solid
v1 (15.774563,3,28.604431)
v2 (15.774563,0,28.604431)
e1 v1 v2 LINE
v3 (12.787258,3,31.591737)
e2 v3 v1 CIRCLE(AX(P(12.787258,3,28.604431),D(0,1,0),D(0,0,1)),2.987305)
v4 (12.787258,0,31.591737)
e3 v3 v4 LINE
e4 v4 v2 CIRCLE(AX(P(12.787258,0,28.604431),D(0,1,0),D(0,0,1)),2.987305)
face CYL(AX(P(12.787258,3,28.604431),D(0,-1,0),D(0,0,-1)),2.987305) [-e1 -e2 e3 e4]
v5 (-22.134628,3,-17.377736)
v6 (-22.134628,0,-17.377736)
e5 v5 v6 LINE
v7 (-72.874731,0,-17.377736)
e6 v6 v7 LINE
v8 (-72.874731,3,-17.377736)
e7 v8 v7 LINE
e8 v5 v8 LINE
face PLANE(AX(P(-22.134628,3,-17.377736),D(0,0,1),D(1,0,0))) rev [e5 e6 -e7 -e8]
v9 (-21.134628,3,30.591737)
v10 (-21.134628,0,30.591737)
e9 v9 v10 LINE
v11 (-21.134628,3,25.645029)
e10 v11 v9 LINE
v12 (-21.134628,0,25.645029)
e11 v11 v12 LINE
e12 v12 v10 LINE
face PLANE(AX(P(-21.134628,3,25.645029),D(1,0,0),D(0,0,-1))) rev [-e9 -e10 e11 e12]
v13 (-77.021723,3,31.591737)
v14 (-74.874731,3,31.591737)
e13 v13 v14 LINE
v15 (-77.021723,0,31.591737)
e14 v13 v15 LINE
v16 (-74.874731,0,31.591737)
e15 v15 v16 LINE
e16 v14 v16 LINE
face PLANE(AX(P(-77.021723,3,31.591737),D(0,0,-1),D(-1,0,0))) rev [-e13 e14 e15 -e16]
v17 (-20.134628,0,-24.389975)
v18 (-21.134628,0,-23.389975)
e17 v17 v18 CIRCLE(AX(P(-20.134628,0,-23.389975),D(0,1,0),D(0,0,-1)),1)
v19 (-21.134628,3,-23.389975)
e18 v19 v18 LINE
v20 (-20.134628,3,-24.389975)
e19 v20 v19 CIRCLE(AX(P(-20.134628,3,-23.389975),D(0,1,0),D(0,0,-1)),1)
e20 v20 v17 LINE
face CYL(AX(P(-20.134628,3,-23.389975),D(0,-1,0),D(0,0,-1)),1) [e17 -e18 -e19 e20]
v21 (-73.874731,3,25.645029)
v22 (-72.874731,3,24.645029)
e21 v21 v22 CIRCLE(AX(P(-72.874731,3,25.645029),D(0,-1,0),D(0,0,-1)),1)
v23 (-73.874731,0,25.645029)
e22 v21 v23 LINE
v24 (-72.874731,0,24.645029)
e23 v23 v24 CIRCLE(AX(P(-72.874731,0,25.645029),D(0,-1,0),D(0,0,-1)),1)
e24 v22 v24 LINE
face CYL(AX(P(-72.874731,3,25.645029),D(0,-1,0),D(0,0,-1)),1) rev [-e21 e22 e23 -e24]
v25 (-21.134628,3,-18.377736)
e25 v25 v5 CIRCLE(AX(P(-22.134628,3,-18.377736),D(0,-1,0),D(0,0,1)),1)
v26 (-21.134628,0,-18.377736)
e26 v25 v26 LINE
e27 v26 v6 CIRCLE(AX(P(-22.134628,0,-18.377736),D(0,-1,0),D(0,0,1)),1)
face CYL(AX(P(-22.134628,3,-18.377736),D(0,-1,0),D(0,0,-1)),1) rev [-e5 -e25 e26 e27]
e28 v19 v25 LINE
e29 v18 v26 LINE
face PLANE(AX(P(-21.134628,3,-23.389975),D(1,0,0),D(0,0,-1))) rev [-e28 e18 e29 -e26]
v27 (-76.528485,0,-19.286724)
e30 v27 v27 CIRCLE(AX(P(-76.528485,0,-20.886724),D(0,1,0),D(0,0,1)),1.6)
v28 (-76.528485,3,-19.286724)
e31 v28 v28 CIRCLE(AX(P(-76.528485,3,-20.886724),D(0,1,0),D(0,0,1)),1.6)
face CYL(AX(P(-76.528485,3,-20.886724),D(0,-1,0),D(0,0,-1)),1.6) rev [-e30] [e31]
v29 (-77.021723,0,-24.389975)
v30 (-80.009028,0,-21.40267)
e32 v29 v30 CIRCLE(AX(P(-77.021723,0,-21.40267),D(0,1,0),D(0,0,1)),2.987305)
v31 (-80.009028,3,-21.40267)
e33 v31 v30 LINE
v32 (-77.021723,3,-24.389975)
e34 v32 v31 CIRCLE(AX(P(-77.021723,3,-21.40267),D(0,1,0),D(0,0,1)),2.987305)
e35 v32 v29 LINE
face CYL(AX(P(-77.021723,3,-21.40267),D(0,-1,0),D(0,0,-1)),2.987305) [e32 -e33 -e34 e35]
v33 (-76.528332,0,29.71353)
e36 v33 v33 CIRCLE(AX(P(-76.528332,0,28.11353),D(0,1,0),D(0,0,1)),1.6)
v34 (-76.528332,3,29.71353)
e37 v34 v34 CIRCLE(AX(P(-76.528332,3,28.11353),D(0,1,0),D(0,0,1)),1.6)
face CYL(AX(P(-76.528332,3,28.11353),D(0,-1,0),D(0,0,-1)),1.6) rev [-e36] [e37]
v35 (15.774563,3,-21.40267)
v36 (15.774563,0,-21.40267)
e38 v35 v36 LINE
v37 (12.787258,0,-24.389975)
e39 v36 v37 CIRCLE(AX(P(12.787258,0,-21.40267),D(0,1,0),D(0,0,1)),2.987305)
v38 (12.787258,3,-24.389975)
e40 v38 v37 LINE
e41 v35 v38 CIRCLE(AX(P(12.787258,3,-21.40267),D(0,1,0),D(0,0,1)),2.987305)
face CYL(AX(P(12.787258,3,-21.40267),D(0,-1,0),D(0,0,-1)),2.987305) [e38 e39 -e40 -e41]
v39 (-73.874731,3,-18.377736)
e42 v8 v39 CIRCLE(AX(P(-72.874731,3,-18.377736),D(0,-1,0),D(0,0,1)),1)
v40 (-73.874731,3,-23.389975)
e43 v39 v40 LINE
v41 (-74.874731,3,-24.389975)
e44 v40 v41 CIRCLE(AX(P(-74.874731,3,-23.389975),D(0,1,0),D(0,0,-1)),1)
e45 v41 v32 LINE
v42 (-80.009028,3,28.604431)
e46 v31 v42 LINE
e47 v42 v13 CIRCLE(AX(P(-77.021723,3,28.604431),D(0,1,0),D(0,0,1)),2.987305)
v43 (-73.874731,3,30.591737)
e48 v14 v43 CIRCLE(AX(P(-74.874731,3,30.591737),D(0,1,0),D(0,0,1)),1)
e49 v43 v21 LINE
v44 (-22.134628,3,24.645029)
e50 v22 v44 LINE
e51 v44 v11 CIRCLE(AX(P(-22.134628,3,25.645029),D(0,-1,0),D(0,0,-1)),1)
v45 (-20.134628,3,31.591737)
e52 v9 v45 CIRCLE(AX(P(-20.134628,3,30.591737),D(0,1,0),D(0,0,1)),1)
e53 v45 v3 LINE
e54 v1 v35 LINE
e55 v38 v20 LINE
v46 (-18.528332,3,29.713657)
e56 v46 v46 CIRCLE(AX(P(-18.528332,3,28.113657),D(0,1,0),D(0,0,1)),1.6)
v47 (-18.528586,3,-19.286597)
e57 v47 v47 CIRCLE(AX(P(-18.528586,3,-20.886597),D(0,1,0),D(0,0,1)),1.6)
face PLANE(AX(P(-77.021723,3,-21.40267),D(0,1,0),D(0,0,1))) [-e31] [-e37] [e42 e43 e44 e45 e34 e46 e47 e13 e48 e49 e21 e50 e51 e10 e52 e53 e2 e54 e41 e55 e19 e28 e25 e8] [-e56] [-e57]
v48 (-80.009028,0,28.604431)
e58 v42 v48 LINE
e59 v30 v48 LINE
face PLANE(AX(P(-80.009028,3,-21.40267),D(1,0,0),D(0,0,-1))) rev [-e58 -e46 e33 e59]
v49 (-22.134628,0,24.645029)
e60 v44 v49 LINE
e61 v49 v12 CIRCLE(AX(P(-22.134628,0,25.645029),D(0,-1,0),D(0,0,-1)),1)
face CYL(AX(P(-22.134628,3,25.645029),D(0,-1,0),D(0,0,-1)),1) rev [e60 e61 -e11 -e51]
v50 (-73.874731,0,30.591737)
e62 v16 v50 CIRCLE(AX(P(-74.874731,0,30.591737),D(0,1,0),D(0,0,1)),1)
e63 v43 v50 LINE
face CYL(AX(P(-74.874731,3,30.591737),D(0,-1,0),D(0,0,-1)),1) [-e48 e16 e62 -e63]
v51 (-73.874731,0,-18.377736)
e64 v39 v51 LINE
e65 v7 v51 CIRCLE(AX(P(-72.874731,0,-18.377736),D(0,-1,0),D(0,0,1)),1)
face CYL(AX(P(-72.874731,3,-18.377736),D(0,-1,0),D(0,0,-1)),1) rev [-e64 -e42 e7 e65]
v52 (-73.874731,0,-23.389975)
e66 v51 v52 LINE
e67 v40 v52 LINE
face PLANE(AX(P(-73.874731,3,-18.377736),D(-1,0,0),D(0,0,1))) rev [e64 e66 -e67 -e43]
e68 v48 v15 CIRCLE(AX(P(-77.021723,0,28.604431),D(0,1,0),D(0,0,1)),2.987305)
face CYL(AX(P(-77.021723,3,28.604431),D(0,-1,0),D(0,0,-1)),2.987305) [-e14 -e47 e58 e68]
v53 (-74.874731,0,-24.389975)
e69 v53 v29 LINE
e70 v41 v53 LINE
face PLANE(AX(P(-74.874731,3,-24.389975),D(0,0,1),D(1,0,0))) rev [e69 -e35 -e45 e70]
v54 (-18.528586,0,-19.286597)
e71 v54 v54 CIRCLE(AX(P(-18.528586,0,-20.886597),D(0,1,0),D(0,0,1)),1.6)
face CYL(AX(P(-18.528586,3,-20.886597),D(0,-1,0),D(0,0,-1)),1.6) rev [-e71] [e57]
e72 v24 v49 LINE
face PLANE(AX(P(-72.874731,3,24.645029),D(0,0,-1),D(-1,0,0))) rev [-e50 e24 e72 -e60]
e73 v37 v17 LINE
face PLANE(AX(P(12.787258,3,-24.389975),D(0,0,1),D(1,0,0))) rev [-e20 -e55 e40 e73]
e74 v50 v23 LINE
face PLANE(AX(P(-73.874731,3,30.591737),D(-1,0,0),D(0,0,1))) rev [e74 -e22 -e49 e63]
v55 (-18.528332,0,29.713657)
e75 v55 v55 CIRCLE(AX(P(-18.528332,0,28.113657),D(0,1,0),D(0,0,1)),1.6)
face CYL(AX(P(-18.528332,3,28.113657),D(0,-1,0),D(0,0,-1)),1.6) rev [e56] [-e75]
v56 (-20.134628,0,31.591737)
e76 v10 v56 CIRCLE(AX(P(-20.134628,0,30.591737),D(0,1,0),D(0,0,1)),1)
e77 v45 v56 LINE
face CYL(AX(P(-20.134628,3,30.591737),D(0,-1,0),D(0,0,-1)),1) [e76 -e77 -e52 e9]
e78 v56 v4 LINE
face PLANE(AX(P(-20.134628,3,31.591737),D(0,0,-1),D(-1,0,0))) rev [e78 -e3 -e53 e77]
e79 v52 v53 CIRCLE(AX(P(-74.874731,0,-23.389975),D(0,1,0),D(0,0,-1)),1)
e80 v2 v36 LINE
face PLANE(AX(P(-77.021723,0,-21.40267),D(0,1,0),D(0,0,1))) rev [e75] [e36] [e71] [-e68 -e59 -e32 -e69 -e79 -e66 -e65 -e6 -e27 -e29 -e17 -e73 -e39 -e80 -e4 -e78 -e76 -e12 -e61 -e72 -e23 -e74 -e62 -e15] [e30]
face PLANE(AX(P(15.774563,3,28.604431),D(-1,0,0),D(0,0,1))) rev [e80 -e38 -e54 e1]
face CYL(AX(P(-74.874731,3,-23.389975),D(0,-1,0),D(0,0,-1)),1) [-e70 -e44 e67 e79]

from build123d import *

# Parameters (mm, degrees)
SKETCH_1_R      = 1.6
EXTRUDE_1_DEPTH = 3


with BuildPart() as part:
    # 草图1 → 凸台-拉伸1 (new body)
    with BuildSketch(Plane(origin=(0, 0, 0), x_dir=(1, 0, 0), z_dir=(0, 1, 0))):
        with BuildLine():
            Line((-21.134628196, 23.389975432), (-21.134628196, 18.377736005))
            ThreePointArc((-21.134628196, 18.377736005), (-21.427521415, 17.670629223), (-22.134628196, 17.377736005))
            Line((-22.134628196, 17.377736005), (-72.874730915, 17.377736005))
            ThreePointArc((-72.874730915, 17.377736005), (-73.581837696, 17.670629223), (-73.874730915, 18.377736005))
            Line((-73.874730915, 18.377736005), (-73.874730915, 23.389975432))
            ThreePointArc((-73.874730915, 23.389975432), (-74.167624134, 24.097082213), (-74.874730915, 24.389975432))
            Line((-74.874730915, 24.389975432), (-77.021723127, 24.389975432))
            ThreePointArc((-77.021723127, 24.389975432), (-79.134066788, 23.515014039), (-80.009028181, 21.402670377))
            Line((-80.009028181, 21.402670377), (-80.009028181, -28.604431477))
            ThreePointArc((-80.009028181, -28.604431477), (-79.134066788, -30.716775138), (-77.021723127, -31.591736531))
            Line((-77.021723127, -31.591736531), (-74.874730915, -31.591736531))
            ThreePointArc((-74.874730915, -31.591736531), (-74.167624134, -31.298843313), (-73.874730915, -30.591736531))
            Line((-73.874730915, -30.591736531), (-73.874730915, -25.64502865))
            ThreePointArc((-73.874730915, -25.64502865), (-73.581837696, -24.937921869), (-72.874730915, -24.64502865))
            Line((-72.874730915, -24.64502865), (-22.134628196, -24.64502865))
            ThreePointArc((-22.134628196, -24.64502865), (-21.427521415, -24.937921869), (-21.134628196, -25.64502865))
            Line((-21.134628196, -25.64502865), (-21.134628196, -30.591736531))
            ThreePointArc((-21.134628196, -30.591736531), (-20.841734977, -31.298843313), (-20.134628196, -31.591736531))
            Line((-20.134628196, -31.591736531), (12.787258331, -31.591736531))
            ThreePointArc((12.787258331, -31.591736531), (14.899601993, -30.716775138), (15.774563386, -28.604431477))
            Line((15.774563386, -28.604431477), (15.774563386, 21.402670377))
            ThreePointArc((15.774563386, 21.402670377), (14.899601993, 23.515014039), (12.787258331, 24.389975432))
            Line((12.787258331, 24.389975432), (-20.134628196, 24.389975432))
            ThreePointArc((-20.134628196, 24.389975432), (-20.841734977, 24.097082213), (-21.134628196, 23.389975432))
        make_face()
        with Locations(Location((-76.52848462, 20.886724226, 0), (0, 0, 270))):
            Circle(SKETCH_1_R, mode=Mode.SUBTRACT)
        with Locations(Location((-18.52858622, 20.886597225, 0), (0, 0, 270))):
            Circle(SKETCH_1_R, mode=Mode.SUBTRACT)
        with Locations(Location((-18.52833222, -28.113656775, 0), (0, 0, 270))):
            Circle(SKETCH_1_R, mode=Mode.SUBTRACT)
        with Locations(Location((-76.52833222, -28.113529775, 0), (0, 0, 270))):
            Circle(SKETCH_1_R, mode=Mode.SUBTRACT)
    extrude(amount=EXTRUDE_1_DEPTH)


solid = part.part
